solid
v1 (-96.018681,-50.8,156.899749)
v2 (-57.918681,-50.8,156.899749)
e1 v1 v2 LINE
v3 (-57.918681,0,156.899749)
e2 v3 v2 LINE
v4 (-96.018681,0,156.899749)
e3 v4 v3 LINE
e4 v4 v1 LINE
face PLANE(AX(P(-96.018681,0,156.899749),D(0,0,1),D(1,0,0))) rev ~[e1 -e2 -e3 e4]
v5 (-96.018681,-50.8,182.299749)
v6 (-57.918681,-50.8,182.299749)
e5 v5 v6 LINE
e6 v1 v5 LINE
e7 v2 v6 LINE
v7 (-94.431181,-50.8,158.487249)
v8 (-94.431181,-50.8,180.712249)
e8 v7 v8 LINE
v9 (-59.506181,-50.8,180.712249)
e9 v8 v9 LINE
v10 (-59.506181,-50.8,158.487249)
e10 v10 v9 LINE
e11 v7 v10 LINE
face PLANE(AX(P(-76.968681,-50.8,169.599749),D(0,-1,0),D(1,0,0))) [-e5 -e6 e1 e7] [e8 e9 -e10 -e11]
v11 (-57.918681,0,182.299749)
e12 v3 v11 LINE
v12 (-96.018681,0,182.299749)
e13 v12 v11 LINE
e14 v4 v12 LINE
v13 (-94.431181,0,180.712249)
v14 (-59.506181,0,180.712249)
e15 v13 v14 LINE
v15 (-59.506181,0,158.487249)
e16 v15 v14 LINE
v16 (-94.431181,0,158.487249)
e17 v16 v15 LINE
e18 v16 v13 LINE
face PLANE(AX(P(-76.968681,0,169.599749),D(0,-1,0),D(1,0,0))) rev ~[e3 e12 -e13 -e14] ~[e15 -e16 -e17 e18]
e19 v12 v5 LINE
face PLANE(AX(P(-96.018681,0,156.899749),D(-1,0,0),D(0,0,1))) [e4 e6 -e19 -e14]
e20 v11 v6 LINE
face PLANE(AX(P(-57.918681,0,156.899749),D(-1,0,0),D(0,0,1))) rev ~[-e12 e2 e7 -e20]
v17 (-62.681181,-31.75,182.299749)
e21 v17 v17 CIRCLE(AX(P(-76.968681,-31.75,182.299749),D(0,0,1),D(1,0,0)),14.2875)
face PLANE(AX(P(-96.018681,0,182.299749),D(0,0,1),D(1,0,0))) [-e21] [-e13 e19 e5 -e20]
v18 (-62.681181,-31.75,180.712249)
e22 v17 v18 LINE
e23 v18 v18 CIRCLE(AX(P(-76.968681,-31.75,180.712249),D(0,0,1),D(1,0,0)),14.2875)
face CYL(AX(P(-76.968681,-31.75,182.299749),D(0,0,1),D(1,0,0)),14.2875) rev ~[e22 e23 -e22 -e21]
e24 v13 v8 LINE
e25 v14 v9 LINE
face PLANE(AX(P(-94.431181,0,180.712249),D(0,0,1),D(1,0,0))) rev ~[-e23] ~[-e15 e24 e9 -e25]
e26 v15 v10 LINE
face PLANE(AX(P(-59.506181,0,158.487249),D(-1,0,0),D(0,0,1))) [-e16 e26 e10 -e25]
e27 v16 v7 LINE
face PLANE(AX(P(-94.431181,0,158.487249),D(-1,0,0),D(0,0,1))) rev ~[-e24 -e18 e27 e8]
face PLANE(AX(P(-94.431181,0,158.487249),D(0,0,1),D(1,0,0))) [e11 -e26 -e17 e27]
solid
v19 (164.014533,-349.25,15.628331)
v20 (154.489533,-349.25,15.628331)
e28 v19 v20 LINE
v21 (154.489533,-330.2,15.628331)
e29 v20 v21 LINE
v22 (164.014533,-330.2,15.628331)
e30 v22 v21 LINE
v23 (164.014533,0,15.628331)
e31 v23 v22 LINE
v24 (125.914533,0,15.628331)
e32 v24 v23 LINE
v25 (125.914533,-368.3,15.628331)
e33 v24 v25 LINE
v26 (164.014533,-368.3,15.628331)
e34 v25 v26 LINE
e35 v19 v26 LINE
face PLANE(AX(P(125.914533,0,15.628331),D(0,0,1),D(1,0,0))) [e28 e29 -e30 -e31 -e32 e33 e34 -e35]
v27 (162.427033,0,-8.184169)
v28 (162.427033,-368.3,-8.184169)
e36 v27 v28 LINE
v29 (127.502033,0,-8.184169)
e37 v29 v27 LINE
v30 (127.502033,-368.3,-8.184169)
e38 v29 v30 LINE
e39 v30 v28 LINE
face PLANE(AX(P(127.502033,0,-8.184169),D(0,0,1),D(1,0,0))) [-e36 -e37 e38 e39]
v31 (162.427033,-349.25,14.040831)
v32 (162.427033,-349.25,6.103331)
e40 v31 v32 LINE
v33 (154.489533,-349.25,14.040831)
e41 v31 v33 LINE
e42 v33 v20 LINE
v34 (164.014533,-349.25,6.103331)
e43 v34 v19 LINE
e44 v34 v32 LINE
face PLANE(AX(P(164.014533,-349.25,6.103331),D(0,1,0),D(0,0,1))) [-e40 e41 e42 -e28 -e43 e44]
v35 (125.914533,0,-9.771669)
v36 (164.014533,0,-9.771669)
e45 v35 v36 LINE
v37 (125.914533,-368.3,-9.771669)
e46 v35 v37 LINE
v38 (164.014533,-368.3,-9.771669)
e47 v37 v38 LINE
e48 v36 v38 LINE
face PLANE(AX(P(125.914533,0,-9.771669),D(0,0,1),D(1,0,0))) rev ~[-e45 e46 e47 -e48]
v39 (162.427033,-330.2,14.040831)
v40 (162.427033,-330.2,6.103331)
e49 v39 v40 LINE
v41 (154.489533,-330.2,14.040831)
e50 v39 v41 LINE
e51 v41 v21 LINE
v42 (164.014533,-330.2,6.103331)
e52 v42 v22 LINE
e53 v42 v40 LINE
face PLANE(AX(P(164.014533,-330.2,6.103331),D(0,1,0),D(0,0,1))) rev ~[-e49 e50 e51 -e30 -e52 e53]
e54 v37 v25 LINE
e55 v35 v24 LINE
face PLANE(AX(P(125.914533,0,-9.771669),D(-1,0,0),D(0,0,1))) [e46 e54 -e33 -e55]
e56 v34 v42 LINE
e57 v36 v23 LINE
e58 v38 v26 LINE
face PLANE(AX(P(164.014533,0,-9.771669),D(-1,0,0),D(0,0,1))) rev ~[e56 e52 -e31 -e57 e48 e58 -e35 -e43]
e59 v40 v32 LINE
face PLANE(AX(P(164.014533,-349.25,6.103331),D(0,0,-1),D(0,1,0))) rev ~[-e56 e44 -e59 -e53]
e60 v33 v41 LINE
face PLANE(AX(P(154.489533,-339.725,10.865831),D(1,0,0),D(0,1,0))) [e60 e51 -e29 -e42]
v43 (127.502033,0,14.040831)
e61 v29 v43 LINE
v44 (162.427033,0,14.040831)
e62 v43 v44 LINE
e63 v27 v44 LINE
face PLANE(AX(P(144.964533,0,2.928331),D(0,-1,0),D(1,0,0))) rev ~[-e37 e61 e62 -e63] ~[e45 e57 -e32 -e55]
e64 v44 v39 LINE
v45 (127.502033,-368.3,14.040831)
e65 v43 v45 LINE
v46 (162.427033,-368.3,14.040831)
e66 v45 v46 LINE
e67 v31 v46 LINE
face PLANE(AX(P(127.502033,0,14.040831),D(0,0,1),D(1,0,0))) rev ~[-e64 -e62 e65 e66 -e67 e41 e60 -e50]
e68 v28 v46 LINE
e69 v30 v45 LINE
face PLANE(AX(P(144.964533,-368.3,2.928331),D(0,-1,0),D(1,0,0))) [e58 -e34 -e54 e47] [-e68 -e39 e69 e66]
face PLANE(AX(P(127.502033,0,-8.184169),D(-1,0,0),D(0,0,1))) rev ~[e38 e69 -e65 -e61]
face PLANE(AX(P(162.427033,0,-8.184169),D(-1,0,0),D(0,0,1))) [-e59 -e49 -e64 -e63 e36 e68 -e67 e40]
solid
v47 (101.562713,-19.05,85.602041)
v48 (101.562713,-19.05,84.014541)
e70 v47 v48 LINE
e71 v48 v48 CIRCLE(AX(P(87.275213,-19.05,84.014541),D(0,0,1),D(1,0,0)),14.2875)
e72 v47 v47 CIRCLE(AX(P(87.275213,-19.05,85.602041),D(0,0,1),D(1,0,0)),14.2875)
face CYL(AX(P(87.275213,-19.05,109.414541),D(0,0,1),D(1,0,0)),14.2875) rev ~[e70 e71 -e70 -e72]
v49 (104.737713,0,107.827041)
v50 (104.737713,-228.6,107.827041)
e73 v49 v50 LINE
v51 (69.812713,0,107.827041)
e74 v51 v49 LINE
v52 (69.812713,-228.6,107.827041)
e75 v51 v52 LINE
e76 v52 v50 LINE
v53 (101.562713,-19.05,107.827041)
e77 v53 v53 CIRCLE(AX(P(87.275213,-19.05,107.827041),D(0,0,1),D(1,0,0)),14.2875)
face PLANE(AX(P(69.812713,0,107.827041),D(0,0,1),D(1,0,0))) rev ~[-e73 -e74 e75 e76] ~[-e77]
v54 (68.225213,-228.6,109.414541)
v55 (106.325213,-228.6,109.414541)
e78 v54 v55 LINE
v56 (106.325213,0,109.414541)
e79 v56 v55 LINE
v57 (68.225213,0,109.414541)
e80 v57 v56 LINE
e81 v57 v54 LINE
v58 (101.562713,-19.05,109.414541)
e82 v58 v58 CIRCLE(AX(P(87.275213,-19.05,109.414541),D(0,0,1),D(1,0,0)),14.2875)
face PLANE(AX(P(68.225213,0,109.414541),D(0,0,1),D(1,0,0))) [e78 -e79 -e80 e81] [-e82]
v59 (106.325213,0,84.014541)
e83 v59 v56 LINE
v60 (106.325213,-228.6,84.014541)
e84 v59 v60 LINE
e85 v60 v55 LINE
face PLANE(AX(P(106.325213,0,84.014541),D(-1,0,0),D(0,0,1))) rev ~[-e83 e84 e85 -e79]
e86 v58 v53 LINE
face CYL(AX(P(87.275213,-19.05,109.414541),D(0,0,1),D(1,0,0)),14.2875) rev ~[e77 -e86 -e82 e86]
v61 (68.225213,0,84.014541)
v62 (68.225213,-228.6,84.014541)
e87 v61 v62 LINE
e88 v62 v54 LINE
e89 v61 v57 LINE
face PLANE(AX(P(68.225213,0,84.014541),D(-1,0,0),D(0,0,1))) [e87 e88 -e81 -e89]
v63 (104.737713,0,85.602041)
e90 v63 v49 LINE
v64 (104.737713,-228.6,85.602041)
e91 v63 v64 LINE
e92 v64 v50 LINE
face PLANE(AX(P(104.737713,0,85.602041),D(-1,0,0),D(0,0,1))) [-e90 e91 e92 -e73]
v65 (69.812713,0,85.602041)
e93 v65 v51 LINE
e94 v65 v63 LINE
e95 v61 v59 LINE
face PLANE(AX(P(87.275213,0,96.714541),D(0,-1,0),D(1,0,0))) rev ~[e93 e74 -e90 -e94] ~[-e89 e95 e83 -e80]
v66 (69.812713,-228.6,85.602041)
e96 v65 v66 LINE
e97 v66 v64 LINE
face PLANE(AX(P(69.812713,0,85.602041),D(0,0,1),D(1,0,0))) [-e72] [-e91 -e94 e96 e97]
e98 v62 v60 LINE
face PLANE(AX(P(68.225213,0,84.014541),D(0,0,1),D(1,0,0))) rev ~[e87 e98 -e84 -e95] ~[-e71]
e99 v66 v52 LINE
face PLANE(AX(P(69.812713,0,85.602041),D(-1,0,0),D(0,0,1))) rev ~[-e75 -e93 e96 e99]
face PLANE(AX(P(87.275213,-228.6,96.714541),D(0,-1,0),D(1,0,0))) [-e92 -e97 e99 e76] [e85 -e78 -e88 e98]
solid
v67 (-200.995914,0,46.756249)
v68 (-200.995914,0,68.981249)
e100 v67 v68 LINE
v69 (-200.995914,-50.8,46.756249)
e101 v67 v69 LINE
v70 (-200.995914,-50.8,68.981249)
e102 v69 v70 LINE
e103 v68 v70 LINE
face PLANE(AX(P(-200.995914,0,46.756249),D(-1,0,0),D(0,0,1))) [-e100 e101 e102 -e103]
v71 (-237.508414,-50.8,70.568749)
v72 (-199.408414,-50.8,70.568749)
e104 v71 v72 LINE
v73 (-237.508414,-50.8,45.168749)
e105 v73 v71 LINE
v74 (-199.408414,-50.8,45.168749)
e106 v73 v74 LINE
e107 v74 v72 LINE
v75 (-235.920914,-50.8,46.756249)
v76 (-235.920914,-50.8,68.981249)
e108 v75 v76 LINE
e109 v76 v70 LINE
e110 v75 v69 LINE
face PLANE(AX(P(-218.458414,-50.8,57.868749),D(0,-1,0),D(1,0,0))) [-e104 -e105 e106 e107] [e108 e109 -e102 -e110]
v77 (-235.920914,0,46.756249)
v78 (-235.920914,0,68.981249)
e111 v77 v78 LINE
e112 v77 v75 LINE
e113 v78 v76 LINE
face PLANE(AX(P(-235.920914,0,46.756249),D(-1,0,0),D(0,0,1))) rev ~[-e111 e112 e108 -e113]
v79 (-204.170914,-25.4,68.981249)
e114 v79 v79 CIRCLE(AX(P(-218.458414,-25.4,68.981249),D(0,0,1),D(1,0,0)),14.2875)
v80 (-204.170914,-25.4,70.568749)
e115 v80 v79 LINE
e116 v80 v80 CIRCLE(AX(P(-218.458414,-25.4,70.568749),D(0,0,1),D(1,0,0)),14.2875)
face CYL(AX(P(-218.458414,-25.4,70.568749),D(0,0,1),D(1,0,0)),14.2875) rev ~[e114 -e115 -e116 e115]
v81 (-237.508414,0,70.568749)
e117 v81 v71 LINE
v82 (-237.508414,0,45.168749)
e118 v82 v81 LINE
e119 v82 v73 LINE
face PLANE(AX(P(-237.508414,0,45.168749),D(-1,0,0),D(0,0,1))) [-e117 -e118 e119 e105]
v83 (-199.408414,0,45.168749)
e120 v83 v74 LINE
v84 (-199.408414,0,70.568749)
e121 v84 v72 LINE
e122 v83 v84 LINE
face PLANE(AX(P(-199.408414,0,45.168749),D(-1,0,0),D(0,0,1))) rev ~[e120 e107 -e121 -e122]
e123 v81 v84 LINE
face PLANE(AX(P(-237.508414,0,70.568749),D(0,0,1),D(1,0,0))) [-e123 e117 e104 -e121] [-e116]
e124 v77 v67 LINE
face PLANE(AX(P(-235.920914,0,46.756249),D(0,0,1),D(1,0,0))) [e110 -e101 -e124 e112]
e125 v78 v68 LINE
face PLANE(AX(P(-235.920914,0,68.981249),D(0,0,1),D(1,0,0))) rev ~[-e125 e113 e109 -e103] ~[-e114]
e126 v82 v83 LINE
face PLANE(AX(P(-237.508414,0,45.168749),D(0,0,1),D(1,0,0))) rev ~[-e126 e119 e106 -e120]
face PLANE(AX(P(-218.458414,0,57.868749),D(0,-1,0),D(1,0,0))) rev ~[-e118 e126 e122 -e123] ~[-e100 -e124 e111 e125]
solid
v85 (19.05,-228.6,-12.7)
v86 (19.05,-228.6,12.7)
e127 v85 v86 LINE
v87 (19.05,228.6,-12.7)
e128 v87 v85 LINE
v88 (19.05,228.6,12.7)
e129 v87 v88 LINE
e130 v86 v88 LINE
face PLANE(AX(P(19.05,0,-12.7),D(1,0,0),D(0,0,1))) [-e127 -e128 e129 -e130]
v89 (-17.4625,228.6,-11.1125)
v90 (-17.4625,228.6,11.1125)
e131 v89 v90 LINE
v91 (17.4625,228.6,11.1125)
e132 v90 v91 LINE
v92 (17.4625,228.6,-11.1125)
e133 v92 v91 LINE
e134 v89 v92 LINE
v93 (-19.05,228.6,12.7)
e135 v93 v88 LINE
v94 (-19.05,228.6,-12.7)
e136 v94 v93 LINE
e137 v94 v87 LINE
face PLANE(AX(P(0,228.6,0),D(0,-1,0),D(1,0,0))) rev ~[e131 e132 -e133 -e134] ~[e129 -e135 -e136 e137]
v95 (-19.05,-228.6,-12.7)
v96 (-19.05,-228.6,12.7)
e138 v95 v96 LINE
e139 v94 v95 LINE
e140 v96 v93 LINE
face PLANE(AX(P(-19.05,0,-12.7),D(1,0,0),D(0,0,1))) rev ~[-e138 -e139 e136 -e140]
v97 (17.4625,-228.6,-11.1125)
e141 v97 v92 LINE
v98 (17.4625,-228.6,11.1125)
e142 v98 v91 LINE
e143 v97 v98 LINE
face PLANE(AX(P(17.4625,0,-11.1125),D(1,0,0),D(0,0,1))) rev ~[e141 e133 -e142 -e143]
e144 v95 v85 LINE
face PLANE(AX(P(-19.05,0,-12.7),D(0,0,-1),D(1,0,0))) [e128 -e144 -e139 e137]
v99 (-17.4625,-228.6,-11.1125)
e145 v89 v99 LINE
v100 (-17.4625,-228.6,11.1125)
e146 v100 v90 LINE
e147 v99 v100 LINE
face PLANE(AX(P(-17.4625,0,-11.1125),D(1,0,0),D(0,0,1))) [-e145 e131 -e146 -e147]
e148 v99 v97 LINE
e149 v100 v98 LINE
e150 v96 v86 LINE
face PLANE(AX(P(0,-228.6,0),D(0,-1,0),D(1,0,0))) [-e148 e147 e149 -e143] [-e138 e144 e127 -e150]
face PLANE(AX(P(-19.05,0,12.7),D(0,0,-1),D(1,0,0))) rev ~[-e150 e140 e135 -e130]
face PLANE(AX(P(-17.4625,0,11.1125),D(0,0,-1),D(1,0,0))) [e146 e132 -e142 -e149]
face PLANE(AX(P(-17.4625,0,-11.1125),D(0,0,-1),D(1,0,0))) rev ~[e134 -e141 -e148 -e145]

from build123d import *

# Parameters (mm, degrees)
F0_W      = 38.1
F0_H      = 25.4
F0_W_2    = 34.925
F0_H_2    = 22.225
F1_DEPTH  = 228.6
F2_W      = 38.1
F2_H      = 25.4
F2_W_2    = 34.925
F2_H_2    = 22.225
F3_DEPTH  = 228.6
F4_W      = 38.1
F4_H      = 25.4
F4_W_2    = 34.925
F4_H_2    = 22.225
F5_DEPTH  = 50.8
F6_W      = 38.1
F6_H      = 25.4
F6_W_2    = 34.925
F6_H_2    = 22.225
F7_DEPTH  = 50.8
F8_R      = 14.2875
F9_DEPTH  = 1.5875
F10_R     = 14.2875
F11_DEPTH = 12.7
F12_R     = 14.2875
F13_DEPTH = 122.115541
F14_W     = 38.1
F14_H     = 25.4
F14_W_2   = 34.925
F14_H_2   = 22.225
F15_DEPTH = 368.3
F16_W     = 19.05
F16_H     = 9.525
F17_DEPTH = 9.525


with BuildPart() as f1:
    # F0 (on Front) → F1 (new body, symmetric)
    with BuildSketch(Plane.XZ):
        Rectangle(F0_W, F0_H)
        Rectangle(F0_W_2, F0_H_2, mode=Mode.SUBTRACT)
    extrude(amount=F1_DEPTH, both=True)


with BuildPart() as f3:
    # F2 (on Front) → F3 (new body)
    with BuildSketch(Plane.XZ):
        with Locations((87.275213, 96.714541)):
            Rectangle(F2_W, F2_H)
        with Locations((87.275213, 96.714541)):
            Rectangle(F2_W_2, F2_H_2, mode=Mode.SUBTRACT)
    extrude(amount=F3_DEPTH)

    # F12 (on face) → F13 (cut, through all)
    with BuildSketch(Plane.XY.offset(109.414541)):
        with Locations((87.275213, -19.05)):
            Circle(F12_R)
    extrude(amount=-F13_DEPTH, mode=Mode.SUBTRACT)


with BuildPart() as f5:
    # F4 (on Front) → F5 (new body)
    with BuildSketch(Plane.XZ):
        with Locations((-76.968681, 169.599749)):
            Rectangle(F4_W, F4_H)
        with Locations((-76.968681, 169.599749)):
            Rectangle(F4_W_2, F4_H_2, mode=Mode.SUBTRACT)
    extrude(amount=F5_DEPTH)

    # F10 (on face) → F11 (cut)
    with BuildSketch(Plane.XY.offset(182.299749)):
        with Locations((-76.968681, -31.75)):
            Circle(F10_R)
    extrude(amount=-F11_DEPTH, mode=Mode.SUBTRACT)


with BuildPart() as f7:
    # F6 (on Front) → F7 (new body)
    with BuildSketch(Plane.XZ):
        with Locations((-218.458414, 57.868749)):
            Rectangle(F6_W, F6_H)
        with Locations((-218.458414, 57.868749)):
            Rectangle(F6_W_2, F6_H_2, mode=Mode.SUBTRACT)
    extrude(amount=F7_DEPTH)

    # F8 (on face) → F9 (cut, through all)
    with BuildSketch(Plane.XY.offset(70.568749)):
        with Locations((-218.458414, -25.4)):
            Circle(F8_R)
    extrude(amount=-F9_DEPTH, mode=Mode.SUBTRACT)


with BuildPart() as f15:
    # F14 (on Front) → F15 (new body)
    with BuildSketch(Plane.XZ):
        with Locations((144.964533, 2.928331)):
            Rectangle(F14_W, F14_H)
        with Locations((144.964533, 2.928331)):
            Rectangle(F14_W_2, F14_H_2, mode=Mode.SUBTRACT)
    extrude(amount=F15_DEPTH)

    # F16 (on face) → F17 (cut)
    with BuildSketch(Plane.YZ.offset(164.014533)):
        with Locations((-339.725, 10.865831)):
            Rectangle(F16_W, F16_H)
    extrude(amount=-F17_DEPTH, mode=Mode.SUBTRACT)


solid = Compound([f1.part, f3.part, f5.part, f7.part, f15.part])
